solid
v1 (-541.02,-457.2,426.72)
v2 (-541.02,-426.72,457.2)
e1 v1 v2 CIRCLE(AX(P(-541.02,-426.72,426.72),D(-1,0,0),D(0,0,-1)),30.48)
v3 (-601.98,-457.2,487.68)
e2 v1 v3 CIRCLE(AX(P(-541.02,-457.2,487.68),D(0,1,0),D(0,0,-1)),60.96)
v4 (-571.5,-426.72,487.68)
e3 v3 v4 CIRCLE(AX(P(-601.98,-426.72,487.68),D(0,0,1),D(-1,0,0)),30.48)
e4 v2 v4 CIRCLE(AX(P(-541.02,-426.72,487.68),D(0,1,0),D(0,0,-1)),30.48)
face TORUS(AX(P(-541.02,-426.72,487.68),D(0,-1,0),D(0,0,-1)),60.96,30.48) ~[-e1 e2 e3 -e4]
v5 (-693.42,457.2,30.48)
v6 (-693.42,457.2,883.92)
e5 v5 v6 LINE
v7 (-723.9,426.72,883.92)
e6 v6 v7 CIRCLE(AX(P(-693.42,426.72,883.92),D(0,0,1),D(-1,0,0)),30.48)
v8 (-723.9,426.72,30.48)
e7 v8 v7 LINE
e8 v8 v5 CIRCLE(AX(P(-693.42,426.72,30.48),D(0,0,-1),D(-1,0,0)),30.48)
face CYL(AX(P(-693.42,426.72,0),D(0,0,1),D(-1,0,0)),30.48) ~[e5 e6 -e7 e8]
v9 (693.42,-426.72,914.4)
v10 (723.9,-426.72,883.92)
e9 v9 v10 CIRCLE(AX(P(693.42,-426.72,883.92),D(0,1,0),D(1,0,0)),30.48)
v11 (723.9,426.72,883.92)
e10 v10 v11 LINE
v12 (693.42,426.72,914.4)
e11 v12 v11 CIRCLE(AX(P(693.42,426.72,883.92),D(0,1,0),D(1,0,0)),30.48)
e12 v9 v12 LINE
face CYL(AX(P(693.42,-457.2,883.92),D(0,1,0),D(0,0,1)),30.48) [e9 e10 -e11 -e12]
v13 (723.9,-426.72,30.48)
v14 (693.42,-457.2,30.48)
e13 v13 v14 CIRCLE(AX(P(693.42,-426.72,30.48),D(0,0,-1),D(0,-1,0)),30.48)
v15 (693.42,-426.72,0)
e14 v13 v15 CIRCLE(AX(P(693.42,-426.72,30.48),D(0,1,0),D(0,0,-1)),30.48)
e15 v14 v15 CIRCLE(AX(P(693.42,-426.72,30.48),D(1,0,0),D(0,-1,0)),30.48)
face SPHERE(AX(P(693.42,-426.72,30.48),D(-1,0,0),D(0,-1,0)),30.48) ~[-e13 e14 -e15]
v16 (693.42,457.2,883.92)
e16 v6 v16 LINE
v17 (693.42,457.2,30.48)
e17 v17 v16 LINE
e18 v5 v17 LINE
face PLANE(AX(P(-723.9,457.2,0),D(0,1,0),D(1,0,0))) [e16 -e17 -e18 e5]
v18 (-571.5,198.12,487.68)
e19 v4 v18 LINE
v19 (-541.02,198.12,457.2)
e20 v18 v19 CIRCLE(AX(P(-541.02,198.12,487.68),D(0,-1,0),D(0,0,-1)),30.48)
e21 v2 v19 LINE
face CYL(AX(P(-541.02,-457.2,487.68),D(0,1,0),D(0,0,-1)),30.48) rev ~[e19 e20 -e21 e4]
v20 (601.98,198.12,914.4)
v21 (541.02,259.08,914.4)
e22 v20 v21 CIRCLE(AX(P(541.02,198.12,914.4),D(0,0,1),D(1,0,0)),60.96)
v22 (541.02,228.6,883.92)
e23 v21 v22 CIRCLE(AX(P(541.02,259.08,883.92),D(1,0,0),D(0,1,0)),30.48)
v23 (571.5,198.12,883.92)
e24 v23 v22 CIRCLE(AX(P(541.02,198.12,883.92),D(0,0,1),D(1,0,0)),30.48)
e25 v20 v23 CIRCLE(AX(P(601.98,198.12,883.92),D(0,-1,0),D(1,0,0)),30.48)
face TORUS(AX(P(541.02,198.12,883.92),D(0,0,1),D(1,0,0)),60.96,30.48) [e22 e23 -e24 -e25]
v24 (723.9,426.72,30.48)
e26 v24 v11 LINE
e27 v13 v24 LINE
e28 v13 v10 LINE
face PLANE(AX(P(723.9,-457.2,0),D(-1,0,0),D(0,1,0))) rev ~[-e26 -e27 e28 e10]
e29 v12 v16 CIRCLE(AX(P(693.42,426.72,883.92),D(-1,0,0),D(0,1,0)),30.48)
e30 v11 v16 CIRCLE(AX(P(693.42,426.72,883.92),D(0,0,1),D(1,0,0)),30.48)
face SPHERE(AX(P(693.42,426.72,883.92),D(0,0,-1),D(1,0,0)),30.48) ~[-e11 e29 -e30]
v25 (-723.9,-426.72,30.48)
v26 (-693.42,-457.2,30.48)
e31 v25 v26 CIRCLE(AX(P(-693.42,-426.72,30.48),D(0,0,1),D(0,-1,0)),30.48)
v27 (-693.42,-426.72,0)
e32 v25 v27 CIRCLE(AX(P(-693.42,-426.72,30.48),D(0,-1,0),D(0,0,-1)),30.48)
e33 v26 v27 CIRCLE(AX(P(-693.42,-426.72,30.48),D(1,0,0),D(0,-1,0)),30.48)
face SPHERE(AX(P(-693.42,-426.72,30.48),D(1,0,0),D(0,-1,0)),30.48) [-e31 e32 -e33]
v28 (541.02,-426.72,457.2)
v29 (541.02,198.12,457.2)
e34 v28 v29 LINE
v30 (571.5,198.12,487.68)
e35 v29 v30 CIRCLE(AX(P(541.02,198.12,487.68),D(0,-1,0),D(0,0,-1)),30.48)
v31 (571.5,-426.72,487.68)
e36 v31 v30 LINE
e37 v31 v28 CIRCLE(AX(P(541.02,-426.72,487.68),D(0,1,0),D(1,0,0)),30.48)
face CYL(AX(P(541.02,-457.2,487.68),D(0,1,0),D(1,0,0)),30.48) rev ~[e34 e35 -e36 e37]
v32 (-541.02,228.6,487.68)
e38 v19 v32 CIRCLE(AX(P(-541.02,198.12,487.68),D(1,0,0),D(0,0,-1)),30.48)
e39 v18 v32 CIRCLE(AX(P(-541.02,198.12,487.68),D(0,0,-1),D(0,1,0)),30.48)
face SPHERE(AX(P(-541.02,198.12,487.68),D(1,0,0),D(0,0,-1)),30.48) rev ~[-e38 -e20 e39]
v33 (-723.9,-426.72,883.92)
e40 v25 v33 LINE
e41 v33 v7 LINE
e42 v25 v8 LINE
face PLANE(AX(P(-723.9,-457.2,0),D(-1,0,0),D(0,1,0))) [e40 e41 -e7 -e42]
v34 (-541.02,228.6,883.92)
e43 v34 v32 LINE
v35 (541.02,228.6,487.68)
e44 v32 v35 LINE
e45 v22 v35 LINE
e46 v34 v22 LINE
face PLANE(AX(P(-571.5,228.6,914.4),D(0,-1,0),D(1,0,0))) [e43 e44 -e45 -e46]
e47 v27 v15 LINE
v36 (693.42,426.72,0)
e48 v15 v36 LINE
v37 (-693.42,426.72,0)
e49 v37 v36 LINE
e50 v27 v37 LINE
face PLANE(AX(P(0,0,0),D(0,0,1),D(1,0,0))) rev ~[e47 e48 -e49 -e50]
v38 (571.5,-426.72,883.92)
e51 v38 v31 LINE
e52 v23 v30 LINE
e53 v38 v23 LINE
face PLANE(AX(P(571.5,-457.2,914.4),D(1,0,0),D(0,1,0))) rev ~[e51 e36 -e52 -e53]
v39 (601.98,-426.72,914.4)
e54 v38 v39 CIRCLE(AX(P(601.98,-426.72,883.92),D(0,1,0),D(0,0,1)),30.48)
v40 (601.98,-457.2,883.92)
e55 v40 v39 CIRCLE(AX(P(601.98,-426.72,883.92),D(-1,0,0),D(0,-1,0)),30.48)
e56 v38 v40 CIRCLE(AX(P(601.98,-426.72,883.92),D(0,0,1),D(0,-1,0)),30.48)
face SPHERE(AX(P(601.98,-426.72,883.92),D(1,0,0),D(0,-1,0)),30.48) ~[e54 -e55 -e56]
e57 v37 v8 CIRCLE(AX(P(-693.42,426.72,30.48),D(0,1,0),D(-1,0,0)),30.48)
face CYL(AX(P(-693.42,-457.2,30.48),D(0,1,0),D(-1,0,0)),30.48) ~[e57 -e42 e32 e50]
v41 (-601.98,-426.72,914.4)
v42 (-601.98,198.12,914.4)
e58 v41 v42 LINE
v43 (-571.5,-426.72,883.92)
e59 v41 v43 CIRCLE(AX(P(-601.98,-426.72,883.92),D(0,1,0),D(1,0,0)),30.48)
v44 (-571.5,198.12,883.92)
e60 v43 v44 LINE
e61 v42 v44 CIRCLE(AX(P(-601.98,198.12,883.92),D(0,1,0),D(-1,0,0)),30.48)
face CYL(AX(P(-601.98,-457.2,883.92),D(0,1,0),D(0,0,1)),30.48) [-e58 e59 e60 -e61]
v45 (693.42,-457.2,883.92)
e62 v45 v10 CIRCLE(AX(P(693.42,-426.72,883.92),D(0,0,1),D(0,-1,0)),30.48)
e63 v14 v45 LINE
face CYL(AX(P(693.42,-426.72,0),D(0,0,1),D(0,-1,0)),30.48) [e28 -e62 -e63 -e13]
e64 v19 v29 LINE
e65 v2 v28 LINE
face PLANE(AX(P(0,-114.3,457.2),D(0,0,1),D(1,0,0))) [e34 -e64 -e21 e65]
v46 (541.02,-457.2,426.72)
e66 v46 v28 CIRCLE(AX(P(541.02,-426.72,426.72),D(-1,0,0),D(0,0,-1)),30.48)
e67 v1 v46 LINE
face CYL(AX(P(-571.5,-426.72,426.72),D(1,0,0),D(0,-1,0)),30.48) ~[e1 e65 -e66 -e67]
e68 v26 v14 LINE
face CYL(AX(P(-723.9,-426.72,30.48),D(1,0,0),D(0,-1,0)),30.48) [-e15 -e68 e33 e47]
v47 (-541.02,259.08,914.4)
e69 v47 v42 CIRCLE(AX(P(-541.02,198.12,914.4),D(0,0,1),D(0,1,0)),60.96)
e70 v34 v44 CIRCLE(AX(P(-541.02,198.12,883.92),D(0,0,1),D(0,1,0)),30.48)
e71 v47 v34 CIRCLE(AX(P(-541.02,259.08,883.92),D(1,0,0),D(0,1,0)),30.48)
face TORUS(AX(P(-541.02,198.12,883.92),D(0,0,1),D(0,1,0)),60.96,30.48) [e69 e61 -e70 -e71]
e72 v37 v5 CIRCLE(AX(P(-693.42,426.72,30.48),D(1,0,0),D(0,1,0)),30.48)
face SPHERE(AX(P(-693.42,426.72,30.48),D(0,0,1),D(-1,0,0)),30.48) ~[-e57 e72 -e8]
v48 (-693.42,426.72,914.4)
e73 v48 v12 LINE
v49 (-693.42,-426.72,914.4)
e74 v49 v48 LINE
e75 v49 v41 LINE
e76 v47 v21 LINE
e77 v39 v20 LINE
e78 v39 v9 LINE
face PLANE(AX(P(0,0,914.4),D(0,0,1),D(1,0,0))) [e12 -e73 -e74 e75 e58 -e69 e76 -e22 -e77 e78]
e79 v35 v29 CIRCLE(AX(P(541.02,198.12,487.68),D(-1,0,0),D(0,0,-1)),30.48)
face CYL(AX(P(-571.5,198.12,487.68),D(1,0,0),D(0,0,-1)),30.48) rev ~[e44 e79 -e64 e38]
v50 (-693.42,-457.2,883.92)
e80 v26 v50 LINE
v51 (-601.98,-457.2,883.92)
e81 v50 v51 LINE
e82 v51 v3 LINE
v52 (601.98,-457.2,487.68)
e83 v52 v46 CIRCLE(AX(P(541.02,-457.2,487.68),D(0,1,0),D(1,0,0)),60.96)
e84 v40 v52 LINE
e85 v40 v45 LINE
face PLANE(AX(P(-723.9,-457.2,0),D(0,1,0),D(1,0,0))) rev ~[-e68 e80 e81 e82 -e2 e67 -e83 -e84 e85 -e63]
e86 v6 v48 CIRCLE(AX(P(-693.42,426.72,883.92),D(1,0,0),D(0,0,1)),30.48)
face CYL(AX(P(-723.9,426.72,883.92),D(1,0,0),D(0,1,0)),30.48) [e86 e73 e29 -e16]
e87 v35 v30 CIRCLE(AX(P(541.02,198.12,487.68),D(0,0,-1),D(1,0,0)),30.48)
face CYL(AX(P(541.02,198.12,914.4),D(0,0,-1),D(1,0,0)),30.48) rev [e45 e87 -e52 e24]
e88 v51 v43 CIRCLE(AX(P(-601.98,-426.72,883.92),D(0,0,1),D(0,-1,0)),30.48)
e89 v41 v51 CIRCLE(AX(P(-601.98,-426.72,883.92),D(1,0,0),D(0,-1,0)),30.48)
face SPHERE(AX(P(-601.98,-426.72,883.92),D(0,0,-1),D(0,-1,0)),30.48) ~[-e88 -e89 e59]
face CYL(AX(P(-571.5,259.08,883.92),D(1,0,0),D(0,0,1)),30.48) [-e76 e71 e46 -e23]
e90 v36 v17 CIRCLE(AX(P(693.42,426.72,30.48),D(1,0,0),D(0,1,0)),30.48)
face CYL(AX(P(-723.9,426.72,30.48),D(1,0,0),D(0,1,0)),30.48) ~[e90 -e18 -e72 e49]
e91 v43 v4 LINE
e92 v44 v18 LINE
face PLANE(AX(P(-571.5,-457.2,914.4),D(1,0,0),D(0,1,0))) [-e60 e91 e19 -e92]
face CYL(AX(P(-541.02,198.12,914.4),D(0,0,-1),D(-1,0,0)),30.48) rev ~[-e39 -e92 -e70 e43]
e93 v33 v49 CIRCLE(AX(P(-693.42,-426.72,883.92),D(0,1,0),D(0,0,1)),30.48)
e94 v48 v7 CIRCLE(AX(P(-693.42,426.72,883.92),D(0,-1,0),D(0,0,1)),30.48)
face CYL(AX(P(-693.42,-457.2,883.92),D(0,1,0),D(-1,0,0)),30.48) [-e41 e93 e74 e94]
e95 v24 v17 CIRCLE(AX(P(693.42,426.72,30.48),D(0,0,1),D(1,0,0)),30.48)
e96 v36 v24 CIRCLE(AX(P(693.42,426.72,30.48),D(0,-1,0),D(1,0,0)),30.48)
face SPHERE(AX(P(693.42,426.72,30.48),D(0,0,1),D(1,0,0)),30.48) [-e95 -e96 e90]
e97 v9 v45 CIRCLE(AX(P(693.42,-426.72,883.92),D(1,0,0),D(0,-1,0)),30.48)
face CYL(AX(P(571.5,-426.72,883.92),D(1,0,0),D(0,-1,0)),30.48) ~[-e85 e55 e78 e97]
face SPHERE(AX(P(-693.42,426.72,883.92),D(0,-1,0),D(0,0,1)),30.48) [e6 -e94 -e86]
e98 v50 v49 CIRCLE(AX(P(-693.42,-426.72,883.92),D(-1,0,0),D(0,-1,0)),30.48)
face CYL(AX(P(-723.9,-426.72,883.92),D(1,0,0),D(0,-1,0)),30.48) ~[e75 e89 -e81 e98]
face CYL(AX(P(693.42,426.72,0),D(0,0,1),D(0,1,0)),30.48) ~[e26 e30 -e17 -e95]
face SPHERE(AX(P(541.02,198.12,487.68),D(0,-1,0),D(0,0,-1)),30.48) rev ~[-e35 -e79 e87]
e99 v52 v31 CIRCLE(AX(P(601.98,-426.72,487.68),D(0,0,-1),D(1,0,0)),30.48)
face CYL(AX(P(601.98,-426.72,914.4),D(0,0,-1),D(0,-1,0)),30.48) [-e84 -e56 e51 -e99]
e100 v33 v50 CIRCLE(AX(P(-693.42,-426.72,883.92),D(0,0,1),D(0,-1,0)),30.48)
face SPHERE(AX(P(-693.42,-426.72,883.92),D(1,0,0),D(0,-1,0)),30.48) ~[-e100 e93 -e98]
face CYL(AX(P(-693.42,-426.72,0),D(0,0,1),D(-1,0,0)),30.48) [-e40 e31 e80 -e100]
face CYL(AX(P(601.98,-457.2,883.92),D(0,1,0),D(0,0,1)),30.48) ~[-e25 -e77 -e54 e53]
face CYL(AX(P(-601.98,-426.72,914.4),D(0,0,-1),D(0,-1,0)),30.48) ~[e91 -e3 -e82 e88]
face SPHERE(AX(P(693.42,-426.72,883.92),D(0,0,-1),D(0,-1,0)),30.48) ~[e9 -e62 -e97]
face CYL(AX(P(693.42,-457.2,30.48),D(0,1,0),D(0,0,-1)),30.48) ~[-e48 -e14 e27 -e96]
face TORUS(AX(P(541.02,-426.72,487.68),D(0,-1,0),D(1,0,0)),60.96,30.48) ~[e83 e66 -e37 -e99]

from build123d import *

# Parameters (mm, degrees)
F0_W     = 1447.8
F0_H     = 914.4
F1_DEPTH = 914.4
F2_W     = 1143
F2_H     = 685.8
F3_DEPTH = 457.2
F4_R     = 30.48


with BuildPart() as f1:
    # F0 (on Top) → F1 (new body)
    with BuildSketch(Plane.XY):
        Rectangle(F0_W, F0_H)
    extrude(amount=F1_DEPTH)

    # F2 (on face) → F3 (cut)
    with BuildSketch(Plane.XY.offset(914.4)):
        with Locations((0, -114.3)):
            Rectangle(F2_W, F2_H)
    extrude(amount=-F3_DEPTH, mode=Mode.SUBTRACT)

    # F4
    f4_edges = [f1.edges().sort_by_distance(p)[0] for p in [
        (0, -457.2, 0),
        (723.9, -457.2, 457.2),
        (647.7, -457.2, 914.4),
        (571.5, -457.2, 685.8),
        (0, -457.2, 457.2),
        (-571.5, -457.2, 685.8),
        (-647.7, -457.2, 914.4),
        (-723.9, -457.2, 457.2),
        (723.9, 457.2, 457.2),
        (723.9, 0, 0),
        (723.9, 0, 914.4),
        (-723.9, 0, 914.4),
        (0, 457.2, 914.4),
        (571.5, -114.3, 914.4),
        (0, 228.6, 914.4),
        (-571.5, -114.3, 914.4),
        (571.5, -114.3, 457.2),
        (0, 228.6, 457.2),
        (-571.5, -114.3, 457.2),
        (571.5, 228.6, 685.8),
        (-571.5, 228.6, 685.8),
        (-723.9, 457.2, 457.2),
        (-723.9, 0, 0),
        (0, 457.2, 0),
    ]]
    fillet(f4_edges, radius=F4_R)


solid = f1.part
